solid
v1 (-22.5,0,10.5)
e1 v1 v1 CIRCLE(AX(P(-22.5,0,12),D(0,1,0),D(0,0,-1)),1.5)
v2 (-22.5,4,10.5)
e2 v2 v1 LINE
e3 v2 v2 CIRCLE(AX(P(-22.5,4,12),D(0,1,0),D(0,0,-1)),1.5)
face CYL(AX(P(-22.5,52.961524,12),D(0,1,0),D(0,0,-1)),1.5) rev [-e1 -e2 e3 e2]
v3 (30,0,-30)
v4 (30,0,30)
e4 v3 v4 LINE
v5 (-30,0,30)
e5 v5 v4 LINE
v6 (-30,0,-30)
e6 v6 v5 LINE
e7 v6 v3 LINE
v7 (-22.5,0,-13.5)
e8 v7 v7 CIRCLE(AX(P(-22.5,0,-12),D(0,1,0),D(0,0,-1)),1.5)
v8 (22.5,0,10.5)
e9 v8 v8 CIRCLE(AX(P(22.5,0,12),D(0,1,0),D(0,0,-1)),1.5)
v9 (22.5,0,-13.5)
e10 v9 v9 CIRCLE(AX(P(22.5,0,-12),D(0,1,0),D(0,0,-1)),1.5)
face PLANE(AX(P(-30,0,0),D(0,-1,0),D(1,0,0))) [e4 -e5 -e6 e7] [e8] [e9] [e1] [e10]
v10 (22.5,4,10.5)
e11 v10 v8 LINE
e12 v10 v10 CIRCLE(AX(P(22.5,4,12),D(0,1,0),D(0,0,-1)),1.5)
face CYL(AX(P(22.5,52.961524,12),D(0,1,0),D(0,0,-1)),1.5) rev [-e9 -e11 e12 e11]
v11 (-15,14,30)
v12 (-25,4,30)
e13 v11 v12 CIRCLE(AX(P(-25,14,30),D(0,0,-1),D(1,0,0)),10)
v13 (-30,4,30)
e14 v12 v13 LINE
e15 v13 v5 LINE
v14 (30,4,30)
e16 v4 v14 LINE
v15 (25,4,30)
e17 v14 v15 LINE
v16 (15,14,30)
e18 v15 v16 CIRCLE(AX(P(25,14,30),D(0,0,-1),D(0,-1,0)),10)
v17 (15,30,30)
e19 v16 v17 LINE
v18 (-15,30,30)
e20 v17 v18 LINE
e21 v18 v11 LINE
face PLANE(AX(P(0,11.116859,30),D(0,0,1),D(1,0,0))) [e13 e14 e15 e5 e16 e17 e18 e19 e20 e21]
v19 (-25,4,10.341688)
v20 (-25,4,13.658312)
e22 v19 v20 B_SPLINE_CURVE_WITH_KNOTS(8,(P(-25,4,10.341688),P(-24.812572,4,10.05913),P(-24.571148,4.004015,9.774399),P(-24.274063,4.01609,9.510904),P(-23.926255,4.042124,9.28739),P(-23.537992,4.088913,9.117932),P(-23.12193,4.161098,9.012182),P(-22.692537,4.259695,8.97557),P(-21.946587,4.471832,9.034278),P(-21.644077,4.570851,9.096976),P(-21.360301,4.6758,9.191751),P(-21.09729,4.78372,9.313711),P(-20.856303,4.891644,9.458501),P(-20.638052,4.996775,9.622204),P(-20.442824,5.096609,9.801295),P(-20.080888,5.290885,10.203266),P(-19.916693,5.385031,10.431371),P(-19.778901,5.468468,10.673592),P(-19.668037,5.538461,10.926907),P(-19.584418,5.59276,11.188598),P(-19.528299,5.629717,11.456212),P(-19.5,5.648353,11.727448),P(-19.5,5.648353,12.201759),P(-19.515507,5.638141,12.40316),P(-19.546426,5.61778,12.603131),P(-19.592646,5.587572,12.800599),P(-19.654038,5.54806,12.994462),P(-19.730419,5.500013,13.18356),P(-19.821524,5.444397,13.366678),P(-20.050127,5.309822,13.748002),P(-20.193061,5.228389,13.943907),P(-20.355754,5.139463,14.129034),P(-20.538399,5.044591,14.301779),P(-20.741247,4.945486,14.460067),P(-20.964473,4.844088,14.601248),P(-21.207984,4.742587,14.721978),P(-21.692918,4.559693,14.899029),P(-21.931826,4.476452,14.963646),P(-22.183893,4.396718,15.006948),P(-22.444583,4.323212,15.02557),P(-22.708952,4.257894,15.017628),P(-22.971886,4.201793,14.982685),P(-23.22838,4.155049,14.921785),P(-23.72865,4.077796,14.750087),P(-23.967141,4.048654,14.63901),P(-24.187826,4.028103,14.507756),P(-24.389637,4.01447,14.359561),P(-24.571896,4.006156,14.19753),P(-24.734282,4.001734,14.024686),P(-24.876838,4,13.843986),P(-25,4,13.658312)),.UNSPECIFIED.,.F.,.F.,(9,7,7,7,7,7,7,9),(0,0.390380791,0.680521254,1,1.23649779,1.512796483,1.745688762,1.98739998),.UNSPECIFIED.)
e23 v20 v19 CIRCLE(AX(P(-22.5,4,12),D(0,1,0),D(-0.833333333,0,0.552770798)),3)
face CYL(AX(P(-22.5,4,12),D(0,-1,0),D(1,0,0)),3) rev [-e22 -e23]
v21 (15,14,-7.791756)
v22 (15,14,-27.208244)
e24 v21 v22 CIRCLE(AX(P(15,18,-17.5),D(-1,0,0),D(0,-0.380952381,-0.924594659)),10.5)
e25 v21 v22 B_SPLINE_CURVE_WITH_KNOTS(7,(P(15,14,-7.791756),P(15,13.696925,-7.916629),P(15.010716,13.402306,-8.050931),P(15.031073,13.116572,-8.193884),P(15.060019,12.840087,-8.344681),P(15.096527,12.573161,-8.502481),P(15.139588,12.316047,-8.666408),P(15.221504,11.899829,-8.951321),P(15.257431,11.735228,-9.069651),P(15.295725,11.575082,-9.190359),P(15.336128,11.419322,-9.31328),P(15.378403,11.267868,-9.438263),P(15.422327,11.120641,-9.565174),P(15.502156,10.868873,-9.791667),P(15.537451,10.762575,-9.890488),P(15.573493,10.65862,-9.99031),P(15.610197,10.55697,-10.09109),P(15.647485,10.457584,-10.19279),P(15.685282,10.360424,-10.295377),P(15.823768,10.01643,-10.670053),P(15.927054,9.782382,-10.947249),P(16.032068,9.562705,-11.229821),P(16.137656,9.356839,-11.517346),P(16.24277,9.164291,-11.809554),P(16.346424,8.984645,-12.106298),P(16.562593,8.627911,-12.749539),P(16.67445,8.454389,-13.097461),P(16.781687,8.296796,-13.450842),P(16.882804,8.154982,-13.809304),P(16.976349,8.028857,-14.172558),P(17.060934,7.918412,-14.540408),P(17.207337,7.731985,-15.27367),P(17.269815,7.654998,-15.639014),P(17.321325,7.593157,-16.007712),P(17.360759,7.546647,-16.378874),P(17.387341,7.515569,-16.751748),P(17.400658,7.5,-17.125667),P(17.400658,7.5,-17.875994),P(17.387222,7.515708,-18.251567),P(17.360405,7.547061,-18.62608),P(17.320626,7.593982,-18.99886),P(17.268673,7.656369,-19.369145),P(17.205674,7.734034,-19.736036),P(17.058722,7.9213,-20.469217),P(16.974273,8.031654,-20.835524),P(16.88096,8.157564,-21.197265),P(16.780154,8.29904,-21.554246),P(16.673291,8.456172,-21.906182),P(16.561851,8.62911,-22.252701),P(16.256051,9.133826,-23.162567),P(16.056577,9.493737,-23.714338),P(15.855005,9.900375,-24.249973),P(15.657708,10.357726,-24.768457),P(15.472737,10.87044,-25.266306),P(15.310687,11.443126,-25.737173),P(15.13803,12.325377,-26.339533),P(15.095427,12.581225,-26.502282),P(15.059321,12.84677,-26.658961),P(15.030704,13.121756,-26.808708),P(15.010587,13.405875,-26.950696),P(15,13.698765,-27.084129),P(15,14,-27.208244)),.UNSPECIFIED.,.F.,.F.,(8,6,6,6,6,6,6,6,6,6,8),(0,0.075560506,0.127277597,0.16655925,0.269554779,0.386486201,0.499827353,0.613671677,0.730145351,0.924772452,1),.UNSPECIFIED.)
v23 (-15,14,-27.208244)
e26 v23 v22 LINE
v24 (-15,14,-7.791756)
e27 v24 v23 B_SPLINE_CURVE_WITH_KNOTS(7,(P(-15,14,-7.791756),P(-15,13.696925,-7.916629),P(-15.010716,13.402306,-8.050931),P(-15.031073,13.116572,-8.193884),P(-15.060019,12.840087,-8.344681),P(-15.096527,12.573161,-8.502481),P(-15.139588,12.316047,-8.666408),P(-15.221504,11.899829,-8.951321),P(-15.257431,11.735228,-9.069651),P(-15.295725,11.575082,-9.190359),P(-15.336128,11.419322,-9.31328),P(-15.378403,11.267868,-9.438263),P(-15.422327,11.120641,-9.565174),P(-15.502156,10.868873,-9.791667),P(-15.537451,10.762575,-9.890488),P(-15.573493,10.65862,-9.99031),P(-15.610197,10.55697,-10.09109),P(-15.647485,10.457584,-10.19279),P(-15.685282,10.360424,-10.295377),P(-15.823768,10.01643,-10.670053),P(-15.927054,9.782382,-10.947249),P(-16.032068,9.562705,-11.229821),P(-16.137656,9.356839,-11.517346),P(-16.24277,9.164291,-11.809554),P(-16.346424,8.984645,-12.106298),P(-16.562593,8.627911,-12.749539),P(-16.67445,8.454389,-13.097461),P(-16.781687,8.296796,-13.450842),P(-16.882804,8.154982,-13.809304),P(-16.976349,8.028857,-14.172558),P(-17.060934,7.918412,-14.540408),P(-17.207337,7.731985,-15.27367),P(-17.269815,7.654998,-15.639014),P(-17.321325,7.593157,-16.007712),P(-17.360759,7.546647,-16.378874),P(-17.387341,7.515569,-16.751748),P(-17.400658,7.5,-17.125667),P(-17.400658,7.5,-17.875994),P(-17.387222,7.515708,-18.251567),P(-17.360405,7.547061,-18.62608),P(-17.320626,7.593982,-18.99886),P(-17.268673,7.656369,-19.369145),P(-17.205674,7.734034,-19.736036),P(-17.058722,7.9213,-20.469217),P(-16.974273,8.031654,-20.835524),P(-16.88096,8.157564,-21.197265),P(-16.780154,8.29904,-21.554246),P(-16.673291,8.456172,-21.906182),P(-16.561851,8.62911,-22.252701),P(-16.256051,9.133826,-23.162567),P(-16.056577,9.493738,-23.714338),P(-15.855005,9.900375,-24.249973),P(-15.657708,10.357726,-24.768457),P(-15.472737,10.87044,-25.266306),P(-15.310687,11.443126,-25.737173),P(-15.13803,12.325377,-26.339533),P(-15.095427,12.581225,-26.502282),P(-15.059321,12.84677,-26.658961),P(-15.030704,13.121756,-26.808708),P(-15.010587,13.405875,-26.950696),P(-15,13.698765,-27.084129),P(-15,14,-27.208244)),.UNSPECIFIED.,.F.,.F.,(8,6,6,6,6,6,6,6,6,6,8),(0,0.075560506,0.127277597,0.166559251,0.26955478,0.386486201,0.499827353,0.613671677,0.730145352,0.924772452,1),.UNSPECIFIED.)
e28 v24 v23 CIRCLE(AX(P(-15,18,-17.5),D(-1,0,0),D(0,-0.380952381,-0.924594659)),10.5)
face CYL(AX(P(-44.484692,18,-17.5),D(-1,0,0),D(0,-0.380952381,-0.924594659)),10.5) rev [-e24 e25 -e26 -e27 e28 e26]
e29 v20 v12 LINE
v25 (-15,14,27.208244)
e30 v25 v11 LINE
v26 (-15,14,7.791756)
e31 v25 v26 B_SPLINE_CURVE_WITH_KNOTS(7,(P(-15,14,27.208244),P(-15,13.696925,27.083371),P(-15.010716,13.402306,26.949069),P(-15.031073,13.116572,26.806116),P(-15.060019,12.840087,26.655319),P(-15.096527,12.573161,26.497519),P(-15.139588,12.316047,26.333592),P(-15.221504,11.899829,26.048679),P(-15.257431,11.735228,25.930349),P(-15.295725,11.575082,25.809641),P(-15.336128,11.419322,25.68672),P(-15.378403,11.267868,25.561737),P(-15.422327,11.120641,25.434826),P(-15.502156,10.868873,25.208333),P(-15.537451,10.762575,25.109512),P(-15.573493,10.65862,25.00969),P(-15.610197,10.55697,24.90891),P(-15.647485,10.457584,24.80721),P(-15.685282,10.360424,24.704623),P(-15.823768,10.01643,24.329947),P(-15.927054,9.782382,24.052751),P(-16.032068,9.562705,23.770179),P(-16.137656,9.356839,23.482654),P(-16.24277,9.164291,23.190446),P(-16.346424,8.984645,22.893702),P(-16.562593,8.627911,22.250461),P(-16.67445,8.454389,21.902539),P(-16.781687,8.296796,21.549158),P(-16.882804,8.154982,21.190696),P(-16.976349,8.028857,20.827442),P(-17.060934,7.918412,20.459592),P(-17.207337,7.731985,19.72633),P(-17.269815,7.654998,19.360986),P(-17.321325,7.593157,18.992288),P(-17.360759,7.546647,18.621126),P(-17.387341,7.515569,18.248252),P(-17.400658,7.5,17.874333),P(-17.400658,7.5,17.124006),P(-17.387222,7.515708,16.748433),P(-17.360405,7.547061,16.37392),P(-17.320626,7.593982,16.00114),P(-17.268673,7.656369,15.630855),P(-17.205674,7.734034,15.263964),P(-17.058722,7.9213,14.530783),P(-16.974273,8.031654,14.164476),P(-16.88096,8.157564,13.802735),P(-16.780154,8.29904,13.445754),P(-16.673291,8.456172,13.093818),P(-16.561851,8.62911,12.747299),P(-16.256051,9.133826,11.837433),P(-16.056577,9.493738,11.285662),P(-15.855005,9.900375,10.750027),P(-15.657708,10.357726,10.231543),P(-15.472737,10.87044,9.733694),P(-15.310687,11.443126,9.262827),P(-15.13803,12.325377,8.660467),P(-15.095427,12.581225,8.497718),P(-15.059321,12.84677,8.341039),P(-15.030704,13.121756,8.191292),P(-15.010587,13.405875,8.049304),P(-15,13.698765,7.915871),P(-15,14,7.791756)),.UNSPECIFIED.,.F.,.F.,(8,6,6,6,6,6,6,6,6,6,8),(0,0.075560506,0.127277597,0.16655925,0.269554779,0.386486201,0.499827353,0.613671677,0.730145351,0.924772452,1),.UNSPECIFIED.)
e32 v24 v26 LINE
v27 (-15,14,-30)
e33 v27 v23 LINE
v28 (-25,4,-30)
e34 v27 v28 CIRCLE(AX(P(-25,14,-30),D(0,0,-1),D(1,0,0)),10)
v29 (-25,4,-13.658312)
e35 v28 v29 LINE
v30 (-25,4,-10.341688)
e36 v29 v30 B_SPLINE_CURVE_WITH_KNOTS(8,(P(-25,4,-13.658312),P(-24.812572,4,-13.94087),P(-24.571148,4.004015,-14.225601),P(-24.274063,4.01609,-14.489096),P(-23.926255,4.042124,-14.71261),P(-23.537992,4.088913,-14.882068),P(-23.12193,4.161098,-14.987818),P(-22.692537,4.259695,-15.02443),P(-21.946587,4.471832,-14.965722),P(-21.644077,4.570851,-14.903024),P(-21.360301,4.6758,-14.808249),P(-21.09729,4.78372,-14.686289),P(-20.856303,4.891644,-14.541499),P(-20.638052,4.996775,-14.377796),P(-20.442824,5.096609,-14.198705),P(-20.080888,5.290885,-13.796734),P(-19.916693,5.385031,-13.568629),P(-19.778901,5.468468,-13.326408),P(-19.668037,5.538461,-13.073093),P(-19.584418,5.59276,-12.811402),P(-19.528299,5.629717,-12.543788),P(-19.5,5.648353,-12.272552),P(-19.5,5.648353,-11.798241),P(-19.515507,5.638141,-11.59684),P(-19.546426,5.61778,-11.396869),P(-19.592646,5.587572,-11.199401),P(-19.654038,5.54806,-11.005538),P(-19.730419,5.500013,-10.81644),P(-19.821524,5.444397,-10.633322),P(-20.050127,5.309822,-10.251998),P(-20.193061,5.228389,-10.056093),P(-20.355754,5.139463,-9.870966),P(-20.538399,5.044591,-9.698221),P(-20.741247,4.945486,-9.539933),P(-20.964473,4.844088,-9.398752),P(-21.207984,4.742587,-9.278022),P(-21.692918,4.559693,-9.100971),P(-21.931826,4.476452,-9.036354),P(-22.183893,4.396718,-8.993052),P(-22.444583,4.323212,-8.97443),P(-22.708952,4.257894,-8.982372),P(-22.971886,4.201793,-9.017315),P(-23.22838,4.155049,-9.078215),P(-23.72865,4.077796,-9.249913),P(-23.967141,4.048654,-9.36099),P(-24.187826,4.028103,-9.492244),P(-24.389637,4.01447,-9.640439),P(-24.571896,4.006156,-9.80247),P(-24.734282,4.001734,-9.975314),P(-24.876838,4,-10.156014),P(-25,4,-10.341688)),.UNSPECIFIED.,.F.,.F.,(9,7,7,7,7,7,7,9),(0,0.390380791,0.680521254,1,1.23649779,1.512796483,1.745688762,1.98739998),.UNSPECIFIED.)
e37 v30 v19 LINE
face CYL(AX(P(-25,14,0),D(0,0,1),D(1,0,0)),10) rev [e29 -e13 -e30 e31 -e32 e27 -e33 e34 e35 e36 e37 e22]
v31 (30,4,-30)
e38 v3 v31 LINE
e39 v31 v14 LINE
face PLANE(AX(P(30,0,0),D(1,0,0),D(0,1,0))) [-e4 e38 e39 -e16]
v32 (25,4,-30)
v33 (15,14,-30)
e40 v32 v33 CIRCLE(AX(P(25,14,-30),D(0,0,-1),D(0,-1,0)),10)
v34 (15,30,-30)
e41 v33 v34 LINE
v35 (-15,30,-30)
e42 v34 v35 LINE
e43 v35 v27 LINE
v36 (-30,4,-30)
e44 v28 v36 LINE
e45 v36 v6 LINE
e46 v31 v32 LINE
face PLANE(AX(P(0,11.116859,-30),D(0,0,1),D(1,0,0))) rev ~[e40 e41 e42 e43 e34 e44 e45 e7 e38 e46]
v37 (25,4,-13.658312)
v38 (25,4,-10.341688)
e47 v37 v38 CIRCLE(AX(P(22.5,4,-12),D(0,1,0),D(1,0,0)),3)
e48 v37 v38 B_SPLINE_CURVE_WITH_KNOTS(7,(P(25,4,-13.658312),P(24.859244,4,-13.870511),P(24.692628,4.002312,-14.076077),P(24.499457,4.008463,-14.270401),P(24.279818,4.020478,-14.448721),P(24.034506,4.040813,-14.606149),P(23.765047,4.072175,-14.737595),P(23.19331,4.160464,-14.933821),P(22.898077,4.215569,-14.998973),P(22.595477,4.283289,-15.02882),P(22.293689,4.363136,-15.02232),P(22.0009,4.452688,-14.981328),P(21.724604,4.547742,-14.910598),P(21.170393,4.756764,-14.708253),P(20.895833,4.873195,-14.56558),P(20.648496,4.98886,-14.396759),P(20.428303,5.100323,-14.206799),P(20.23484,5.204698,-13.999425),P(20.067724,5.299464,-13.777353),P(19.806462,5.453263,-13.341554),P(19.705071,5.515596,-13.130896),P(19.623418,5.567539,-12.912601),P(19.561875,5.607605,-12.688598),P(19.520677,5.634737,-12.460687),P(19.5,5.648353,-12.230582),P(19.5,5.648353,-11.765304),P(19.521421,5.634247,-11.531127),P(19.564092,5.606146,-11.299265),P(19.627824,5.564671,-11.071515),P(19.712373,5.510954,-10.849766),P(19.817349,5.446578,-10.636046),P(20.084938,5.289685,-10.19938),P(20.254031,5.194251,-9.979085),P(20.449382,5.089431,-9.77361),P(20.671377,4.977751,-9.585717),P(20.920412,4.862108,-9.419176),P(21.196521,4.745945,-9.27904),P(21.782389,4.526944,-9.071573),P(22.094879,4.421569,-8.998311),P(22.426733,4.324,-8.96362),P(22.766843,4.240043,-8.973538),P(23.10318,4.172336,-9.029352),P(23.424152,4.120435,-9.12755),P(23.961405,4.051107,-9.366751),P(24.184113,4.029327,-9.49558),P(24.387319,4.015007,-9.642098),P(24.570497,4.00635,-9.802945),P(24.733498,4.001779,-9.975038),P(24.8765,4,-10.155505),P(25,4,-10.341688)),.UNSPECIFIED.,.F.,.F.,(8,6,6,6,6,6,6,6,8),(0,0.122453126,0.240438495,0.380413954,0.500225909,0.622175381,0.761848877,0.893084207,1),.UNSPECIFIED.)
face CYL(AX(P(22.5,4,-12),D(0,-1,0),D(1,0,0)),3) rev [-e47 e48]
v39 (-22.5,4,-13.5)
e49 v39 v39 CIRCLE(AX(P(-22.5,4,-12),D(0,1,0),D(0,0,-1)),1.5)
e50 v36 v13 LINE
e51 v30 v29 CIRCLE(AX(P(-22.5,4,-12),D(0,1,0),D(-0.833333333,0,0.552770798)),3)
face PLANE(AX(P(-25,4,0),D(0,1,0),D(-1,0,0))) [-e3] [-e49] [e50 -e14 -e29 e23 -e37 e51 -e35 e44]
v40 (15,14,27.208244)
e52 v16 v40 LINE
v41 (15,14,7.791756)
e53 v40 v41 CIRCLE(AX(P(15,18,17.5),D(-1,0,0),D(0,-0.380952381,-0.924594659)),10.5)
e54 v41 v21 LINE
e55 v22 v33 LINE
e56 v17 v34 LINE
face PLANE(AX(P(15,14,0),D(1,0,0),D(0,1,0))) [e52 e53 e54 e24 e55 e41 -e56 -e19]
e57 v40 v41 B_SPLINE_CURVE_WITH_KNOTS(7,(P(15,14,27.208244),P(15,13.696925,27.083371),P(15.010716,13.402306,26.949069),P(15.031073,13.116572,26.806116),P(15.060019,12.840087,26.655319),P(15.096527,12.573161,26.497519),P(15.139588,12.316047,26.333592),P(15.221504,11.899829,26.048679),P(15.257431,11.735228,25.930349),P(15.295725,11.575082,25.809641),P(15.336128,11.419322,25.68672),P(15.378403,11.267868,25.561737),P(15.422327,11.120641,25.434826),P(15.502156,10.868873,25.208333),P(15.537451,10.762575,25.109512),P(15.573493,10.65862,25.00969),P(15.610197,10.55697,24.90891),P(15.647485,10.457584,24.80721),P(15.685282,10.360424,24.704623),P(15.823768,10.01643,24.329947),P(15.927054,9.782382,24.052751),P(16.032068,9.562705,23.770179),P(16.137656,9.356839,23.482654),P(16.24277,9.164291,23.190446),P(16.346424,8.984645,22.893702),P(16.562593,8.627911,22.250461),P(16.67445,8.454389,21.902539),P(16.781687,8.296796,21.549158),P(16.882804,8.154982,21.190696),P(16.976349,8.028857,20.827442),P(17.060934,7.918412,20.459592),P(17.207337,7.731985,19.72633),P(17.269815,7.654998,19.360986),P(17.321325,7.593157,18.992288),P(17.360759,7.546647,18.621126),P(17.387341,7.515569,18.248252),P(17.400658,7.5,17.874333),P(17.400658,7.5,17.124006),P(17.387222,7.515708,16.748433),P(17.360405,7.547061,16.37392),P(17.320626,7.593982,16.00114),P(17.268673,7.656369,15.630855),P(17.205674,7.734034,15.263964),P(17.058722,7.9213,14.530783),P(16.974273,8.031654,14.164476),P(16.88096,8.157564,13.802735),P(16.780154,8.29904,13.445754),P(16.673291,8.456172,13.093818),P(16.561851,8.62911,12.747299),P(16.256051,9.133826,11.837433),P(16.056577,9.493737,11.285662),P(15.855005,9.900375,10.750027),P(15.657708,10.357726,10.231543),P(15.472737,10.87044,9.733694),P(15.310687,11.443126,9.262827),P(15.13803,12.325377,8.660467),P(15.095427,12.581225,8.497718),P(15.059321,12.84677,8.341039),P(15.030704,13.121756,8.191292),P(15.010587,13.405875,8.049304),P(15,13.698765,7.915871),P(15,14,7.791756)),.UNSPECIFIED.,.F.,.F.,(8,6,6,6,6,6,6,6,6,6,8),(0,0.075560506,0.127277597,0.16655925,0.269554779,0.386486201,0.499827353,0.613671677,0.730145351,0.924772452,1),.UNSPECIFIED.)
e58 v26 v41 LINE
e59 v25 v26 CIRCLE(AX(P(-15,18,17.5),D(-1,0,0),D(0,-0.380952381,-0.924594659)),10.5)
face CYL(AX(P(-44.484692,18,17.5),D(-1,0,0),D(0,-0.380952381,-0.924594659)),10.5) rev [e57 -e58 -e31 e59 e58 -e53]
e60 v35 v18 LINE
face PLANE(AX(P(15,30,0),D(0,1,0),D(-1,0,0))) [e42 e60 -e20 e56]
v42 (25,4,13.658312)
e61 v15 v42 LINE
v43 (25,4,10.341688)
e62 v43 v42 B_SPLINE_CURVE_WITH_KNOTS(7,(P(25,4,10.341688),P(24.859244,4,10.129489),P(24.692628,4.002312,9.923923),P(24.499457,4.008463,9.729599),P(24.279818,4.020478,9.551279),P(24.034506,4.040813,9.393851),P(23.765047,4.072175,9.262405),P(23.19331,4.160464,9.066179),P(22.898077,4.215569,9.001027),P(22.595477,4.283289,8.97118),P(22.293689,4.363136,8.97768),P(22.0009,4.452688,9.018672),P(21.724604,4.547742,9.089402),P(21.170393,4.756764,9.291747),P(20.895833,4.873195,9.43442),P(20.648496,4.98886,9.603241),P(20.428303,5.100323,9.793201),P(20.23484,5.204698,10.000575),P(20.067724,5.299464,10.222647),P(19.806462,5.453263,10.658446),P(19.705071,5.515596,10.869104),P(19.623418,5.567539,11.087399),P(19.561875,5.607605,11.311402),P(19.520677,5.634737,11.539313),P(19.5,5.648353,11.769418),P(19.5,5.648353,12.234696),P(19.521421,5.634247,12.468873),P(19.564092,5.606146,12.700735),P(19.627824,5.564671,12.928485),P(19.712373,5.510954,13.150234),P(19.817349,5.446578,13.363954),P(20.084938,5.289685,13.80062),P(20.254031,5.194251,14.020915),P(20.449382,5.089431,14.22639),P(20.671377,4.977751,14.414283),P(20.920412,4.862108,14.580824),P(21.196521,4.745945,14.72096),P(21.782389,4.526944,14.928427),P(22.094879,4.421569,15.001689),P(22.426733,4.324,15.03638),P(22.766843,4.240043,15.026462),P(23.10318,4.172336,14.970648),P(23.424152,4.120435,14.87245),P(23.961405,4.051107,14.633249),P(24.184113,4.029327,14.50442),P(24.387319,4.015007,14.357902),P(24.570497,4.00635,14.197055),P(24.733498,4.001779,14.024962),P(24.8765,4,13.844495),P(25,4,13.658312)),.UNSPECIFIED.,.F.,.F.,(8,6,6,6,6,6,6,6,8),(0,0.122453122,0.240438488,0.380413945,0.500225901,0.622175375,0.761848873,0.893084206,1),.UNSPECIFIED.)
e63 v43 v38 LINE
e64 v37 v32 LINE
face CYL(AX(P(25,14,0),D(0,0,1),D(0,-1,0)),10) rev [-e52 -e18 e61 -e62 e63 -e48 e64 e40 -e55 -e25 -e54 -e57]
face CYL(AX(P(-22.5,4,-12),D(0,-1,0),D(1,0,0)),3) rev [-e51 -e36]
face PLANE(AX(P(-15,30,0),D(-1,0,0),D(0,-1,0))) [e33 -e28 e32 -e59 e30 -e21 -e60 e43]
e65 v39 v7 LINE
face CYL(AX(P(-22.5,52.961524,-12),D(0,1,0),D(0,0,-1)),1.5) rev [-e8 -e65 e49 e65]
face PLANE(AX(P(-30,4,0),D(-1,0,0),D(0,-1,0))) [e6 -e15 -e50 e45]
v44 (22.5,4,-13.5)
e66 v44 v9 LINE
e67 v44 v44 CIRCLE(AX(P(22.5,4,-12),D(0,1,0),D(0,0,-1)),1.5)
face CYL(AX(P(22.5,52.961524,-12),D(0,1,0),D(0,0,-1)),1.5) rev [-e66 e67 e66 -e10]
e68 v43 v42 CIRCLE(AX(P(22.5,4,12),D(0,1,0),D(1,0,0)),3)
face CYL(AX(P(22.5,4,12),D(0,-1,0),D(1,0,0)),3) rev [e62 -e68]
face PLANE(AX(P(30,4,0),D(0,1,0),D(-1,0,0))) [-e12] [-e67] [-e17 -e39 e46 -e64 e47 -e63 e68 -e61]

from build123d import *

# Parameters (mm, degrees)
BOSS_EXTRUDE1_DEPTH     = 30
CUT_EXTRUDE1_DEPTH      = 74.484692283
CUT_EXTRUDE1_DEPTH_BACK = 74.484692283
SKETCH6_R               = 10.5
CUT_EXTRUDE2_DEPTH      = 52.961524285
CUT_EXTRUDE2_DEPTH_BACK = 52.961524285
SKETCH7_R               = 1.5
SKETCH8_R               = 3
CUT_EXTRUDE3_DEPTH      = 10


with BuildPart() as part:
    # Sketch5 → Boss-Extrude1 (new, symmetric)
    with BuildSketch(Plane.XY):
        with BuildLine():
            Line((15, 30), (-15, 30))
            Line((-15, 30), (-15, 14))
            ThreePointArc((-15, 14), (-17.928932188, 6.928932188), (-25, 4))
            Line((-25, 4), (-30, 4))
            Line((-30, 4), (-30, 0))
            Line((-30, 0), (30, 0))
            Line((30, 0), (30, 4))
            Line((30, 4), (25, 4))
            ThreePointArc((25, 4), (17.928932188, 6.928932188), (15, 14))
            Line((15, 14), (15, 30))
        make_face()
    extrude(amount=BOSS_EXTRUDE1_DEPTH, both=True)

    # Sketch6 → Cut-Extrude1 (cut, two sides: drawn at the far end of the back side and taken through both)
    with BuildSketch(Plane(origin=(30, 0, 0), x_dir=(0, 0, -1), z_dir=(1, 0, 0)).offset(-CUT_EXTRUDE1_DEPTH_BACK)):
        with Locations(Location((-17.5, 18, 0), (0, 0, 337.607312195))):
            Circle(SKETCH6_R)
        with Locations(Location((17.5, 18, 0), (0, 0, 337.607312195))):
            Circle(SKETCH6_R)
    extrude(amount=CUT_EXTRUDE1_DEPTH + CUT_EXTRUDE1_DEPTH_BACK, mode=Mode.SUBTRACT)

    # Sketch7 → Cut-Extrude2 (cut, two sides: drawn at the far end of the back side and taken through both)
    with BuildSketch(Plane.XZ.offset(-CUT_EXTRUDE2_DEPTH_BACK)):
        with Locations(Location((-22.5, 12, 0), (0, 0, 270))):
            Circle(SKETCH7_R)
        with Locations(Location((22.5, 12, 0), (0, 0, 270))):
            Circle(SKETCH7_R)
        with Locations(Location((22.5, -12, 0), (0, 0, 270))):
            Circle(SKETCH7_R)
        with Locations(Location((-22.5, -12, 0), (0, 0, 270))):
            Circle(SKETCH7_R)
    extrude(amount=CUT_EXTRUDE2_DEPTH + CUT_EXTRUDE2_DEPTH_BACK, mode=Mode.SUBTRACT)

    # Sketch8 → Cut-Extrude3 (cut)
    with BuildSketch(Plane(origin=(0, 4, 0), x_dir=(1, 0, 0), z_dir=(0, 1, 0))):
        with Locations((22.5, -12)):
            Circle(SKETCH8_R)
        with Locations((22.5, 12)):
            Circle(SKETCH8_R)
        with Locations((-22.5, 12)):
            Circle(SKETCH8_R)
        with Locations((-22.5, -12)):
            Circle(SKETCH8_R)
    extrude(amount=CUT_EXTRUDE3_DEPTH, mode=Mode.SUBTRACT)


solid = part.part
